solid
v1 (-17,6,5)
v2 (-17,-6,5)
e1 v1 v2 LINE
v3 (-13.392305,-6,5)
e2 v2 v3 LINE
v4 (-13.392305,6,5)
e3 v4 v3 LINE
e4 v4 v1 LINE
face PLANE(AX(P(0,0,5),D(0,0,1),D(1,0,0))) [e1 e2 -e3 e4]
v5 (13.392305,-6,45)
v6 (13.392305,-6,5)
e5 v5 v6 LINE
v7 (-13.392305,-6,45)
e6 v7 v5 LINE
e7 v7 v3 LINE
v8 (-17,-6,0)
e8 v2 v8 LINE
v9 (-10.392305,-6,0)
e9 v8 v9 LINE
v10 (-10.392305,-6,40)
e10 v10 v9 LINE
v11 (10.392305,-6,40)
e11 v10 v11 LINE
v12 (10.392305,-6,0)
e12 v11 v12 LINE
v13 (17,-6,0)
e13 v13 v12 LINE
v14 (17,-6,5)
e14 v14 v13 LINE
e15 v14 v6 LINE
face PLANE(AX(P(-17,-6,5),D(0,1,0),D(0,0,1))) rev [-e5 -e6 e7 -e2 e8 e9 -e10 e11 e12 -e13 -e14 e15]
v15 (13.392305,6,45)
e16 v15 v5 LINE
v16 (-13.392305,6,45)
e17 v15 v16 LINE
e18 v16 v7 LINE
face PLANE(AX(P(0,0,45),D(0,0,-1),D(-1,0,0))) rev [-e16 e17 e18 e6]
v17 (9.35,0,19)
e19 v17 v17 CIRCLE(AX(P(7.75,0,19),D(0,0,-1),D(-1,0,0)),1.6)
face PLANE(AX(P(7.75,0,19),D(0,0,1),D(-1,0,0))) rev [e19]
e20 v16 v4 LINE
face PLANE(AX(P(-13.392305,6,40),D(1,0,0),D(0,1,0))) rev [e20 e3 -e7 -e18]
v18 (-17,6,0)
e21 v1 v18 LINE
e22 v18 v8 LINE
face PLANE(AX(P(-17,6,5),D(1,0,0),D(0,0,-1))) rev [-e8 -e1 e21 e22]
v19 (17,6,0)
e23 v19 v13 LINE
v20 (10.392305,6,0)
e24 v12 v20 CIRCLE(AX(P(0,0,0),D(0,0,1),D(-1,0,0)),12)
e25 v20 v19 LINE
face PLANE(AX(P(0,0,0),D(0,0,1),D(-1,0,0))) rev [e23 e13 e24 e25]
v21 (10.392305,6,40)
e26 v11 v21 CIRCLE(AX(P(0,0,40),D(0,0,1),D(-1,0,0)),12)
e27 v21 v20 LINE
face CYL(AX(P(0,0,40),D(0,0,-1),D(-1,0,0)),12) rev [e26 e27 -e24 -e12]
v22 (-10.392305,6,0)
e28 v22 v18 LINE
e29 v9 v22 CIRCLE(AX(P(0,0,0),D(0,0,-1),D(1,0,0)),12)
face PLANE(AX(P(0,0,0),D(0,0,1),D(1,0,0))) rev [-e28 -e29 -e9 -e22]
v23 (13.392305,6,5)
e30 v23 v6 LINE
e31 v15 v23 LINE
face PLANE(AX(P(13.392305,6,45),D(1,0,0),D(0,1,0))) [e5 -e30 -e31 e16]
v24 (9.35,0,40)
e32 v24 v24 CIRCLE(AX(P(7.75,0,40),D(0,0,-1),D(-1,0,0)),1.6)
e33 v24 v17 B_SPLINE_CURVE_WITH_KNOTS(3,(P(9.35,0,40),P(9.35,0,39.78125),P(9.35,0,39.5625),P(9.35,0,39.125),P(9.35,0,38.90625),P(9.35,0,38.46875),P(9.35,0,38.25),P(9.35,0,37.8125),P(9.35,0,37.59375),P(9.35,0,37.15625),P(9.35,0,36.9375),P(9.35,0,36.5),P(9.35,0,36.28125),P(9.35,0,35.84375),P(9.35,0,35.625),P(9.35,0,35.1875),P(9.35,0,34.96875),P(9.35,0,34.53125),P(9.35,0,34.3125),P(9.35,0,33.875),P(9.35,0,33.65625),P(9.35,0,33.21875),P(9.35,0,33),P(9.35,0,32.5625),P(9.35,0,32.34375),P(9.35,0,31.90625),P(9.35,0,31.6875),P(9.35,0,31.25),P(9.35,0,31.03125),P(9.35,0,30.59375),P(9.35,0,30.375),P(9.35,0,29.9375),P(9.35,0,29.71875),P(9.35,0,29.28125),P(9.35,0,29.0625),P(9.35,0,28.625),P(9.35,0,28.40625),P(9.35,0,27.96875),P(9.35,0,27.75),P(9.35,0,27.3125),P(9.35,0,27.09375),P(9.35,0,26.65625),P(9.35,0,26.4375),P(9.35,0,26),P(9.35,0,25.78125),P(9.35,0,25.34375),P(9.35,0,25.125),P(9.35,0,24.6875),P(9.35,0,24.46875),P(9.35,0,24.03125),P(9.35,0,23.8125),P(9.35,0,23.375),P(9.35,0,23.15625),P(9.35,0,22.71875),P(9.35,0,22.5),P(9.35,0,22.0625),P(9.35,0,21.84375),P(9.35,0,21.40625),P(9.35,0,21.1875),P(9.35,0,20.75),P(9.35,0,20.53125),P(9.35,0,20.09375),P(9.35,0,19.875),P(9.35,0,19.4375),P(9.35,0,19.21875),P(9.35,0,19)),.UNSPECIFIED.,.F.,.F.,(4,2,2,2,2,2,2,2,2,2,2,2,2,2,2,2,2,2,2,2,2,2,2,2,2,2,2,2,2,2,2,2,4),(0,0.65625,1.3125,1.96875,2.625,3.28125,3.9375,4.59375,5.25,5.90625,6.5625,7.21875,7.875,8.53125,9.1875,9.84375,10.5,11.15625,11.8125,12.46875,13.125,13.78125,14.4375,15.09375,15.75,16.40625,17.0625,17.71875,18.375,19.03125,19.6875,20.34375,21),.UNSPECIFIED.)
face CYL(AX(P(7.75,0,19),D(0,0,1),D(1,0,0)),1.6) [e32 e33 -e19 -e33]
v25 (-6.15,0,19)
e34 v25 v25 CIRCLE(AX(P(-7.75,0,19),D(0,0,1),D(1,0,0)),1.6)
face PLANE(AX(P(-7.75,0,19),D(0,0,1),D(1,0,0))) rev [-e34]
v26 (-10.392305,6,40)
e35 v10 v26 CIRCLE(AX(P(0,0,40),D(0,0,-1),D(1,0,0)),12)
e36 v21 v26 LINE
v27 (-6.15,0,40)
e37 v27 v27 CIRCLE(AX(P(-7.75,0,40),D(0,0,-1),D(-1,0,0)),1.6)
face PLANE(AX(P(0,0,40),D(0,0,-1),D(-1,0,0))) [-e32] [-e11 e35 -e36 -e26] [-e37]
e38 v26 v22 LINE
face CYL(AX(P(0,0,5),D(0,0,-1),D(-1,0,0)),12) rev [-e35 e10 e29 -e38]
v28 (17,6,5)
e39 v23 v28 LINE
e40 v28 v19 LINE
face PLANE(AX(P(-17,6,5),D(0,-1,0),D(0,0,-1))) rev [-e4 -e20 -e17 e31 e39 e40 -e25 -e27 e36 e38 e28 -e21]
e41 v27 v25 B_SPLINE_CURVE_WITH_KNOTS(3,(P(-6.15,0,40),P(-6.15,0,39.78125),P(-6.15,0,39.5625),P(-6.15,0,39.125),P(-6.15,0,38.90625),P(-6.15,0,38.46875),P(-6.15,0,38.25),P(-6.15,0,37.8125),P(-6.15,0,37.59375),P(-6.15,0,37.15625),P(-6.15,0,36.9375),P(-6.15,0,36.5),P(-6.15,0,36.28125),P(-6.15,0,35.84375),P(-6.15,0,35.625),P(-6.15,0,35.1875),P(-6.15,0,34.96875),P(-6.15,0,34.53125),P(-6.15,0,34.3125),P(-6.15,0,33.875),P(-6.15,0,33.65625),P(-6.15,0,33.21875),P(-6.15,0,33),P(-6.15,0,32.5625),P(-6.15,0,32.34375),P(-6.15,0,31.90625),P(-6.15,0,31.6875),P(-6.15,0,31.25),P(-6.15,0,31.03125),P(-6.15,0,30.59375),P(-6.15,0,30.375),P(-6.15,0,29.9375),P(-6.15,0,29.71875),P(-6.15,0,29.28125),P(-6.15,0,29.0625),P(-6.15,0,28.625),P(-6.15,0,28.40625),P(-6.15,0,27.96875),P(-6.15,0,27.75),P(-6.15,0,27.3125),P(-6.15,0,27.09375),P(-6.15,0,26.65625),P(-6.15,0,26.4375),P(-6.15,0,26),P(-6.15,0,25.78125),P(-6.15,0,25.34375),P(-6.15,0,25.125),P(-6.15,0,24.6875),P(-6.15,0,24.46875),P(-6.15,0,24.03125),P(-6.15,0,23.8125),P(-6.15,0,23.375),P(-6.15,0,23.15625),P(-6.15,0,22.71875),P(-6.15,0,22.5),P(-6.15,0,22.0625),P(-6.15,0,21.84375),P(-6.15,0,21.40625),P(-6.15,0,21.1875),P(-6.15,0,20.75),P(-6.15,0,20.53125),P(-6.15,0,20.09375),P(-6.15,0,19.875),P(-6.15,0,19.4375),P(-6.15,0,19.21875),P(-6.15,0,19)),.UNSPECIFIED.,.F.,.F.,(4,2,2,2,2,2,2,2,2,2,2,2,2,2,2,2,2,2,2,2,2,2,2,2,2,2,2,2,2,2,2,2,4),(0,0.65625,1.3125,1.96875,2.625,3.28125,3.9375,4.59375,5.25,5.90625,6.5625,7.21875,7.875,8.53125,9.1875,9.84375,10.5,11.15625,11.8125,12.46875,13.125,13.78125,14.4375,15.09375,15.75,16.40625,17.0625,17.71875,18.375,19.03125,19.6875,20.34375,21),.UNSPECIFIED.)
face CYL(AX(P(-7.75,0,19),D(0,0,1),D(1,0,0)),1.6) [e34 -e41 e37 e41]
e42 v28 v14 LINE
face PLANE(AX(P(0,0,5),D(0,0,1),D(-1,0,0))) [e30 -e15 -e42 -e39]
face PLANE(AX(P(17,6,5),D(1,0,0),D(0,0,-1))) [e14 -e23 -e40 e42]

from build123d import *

# Parameters (mm, degrees)
BOSS_EXTRU_2_DEPTH = 5
BOSS_EXTRU_3_DEPTH = 35
ESQUISSE7_W        = 13.392304845
ESQUISSE7_H        = 12
ESQUISSE7_R        = 1.6
BOSS_EXTRU_4_DEPTH = 5
BOSS_EXTRU_5_START = -26
ESQUISSE9_R        = 1.6
BOSS_EXTRU_5_DEPTH = 26


with BuildPart() as part:
    # Esquisse5 → Boss.-Extru.2 (new body)
    with BuildSketch(Plane.XY):
        with BuildLine():
            Line((-17, 6), (-17, -6))
            Line((-17, -6), (-10.392304845, -6))
            ThreePointArc((-10.392304845, -6), (-12, 0), (-10.392304845, 6))
            Line((-10.392304845, 6), (-17, 6))
        make_face()
    boss_extru_2 = extrude(amount=BOSS_EXTRU_2_DEPTH)

    # Esquisse6 → Boss.-Extru.3 (add)
    with BuildSketch(Plane.XY.offset(5)):
        with BuildLine():
            Line((-13.392304845, 6), (-13.392304845, -6))
            Line((-13.392304845, -6), (-10.392304845, -6))
            ThreePointArc((-10.392304845, -6), (-12, 0), (-10.392304845, 6))
            Line((-10.392304845, 6), (-13.392304845, 6))
        make_face()
    boss_extru_3 = extrude(amount=BOSS_EXTRU_3_DEPTH)

    # Esquisse7 → Boss.-Extru.4 (add)
    with BuildSketch(Plane.XY.offset(40)):
        with Locations((-6.696152422, 0)):
            Rectangle(ESQUISSE7_W, ESQUISSE7_H)
        with Locations((-7.75, 0)):
            Circle(ESQUISSE7_R, mode=Mode.SUBTRACT)
    boss_extru_4 = extrude(amount=BOSS_EXTRU_4_DEPTH)

    # Symétrie9: Boss.-Extru.4 across plane
    add(boss_extru_4.mirror(Plane(origin=(0, 0, 0), x_dir=(0, 0, 1), z_dir=(1, 0, 0))))

    # Symétrie10: Boss.-Extru.3 across plane
    add(boss_extru_3.mirror(Plane(origin=(0, 0, 0), x_dir=(0, 0, 1), z_dir=(1, 0, 0))))

    # Symétrie11: Boss.-Extru.2 across plane
    add(boss_extru_2.mirror(Plane(origin=(0, 0, 0), x_dir=(0, 0, 1), z_dir=(1, 0, 0))))

    # Esquisse9 → Boss.-Extru.5 (add)
    with BuildSketch(Plane.XY.offset(45).offset(BOSS_EXTRU_5_START)):
        with Locations((-7.75, 0)):
            Circle(ESQUISSE9_R)
    boss_extru_5 = extrude(amount=BOSS_EXTRU_5_DEPTH)

    # Symétrie12: Boss.-Extru.5 across plane
    add(boss_extru_5.mirror(Plane(origin=(0, 0, 0), x_dir=(0, 0, 1), z_dir=(1, 0, 0))))


solid = part.part
